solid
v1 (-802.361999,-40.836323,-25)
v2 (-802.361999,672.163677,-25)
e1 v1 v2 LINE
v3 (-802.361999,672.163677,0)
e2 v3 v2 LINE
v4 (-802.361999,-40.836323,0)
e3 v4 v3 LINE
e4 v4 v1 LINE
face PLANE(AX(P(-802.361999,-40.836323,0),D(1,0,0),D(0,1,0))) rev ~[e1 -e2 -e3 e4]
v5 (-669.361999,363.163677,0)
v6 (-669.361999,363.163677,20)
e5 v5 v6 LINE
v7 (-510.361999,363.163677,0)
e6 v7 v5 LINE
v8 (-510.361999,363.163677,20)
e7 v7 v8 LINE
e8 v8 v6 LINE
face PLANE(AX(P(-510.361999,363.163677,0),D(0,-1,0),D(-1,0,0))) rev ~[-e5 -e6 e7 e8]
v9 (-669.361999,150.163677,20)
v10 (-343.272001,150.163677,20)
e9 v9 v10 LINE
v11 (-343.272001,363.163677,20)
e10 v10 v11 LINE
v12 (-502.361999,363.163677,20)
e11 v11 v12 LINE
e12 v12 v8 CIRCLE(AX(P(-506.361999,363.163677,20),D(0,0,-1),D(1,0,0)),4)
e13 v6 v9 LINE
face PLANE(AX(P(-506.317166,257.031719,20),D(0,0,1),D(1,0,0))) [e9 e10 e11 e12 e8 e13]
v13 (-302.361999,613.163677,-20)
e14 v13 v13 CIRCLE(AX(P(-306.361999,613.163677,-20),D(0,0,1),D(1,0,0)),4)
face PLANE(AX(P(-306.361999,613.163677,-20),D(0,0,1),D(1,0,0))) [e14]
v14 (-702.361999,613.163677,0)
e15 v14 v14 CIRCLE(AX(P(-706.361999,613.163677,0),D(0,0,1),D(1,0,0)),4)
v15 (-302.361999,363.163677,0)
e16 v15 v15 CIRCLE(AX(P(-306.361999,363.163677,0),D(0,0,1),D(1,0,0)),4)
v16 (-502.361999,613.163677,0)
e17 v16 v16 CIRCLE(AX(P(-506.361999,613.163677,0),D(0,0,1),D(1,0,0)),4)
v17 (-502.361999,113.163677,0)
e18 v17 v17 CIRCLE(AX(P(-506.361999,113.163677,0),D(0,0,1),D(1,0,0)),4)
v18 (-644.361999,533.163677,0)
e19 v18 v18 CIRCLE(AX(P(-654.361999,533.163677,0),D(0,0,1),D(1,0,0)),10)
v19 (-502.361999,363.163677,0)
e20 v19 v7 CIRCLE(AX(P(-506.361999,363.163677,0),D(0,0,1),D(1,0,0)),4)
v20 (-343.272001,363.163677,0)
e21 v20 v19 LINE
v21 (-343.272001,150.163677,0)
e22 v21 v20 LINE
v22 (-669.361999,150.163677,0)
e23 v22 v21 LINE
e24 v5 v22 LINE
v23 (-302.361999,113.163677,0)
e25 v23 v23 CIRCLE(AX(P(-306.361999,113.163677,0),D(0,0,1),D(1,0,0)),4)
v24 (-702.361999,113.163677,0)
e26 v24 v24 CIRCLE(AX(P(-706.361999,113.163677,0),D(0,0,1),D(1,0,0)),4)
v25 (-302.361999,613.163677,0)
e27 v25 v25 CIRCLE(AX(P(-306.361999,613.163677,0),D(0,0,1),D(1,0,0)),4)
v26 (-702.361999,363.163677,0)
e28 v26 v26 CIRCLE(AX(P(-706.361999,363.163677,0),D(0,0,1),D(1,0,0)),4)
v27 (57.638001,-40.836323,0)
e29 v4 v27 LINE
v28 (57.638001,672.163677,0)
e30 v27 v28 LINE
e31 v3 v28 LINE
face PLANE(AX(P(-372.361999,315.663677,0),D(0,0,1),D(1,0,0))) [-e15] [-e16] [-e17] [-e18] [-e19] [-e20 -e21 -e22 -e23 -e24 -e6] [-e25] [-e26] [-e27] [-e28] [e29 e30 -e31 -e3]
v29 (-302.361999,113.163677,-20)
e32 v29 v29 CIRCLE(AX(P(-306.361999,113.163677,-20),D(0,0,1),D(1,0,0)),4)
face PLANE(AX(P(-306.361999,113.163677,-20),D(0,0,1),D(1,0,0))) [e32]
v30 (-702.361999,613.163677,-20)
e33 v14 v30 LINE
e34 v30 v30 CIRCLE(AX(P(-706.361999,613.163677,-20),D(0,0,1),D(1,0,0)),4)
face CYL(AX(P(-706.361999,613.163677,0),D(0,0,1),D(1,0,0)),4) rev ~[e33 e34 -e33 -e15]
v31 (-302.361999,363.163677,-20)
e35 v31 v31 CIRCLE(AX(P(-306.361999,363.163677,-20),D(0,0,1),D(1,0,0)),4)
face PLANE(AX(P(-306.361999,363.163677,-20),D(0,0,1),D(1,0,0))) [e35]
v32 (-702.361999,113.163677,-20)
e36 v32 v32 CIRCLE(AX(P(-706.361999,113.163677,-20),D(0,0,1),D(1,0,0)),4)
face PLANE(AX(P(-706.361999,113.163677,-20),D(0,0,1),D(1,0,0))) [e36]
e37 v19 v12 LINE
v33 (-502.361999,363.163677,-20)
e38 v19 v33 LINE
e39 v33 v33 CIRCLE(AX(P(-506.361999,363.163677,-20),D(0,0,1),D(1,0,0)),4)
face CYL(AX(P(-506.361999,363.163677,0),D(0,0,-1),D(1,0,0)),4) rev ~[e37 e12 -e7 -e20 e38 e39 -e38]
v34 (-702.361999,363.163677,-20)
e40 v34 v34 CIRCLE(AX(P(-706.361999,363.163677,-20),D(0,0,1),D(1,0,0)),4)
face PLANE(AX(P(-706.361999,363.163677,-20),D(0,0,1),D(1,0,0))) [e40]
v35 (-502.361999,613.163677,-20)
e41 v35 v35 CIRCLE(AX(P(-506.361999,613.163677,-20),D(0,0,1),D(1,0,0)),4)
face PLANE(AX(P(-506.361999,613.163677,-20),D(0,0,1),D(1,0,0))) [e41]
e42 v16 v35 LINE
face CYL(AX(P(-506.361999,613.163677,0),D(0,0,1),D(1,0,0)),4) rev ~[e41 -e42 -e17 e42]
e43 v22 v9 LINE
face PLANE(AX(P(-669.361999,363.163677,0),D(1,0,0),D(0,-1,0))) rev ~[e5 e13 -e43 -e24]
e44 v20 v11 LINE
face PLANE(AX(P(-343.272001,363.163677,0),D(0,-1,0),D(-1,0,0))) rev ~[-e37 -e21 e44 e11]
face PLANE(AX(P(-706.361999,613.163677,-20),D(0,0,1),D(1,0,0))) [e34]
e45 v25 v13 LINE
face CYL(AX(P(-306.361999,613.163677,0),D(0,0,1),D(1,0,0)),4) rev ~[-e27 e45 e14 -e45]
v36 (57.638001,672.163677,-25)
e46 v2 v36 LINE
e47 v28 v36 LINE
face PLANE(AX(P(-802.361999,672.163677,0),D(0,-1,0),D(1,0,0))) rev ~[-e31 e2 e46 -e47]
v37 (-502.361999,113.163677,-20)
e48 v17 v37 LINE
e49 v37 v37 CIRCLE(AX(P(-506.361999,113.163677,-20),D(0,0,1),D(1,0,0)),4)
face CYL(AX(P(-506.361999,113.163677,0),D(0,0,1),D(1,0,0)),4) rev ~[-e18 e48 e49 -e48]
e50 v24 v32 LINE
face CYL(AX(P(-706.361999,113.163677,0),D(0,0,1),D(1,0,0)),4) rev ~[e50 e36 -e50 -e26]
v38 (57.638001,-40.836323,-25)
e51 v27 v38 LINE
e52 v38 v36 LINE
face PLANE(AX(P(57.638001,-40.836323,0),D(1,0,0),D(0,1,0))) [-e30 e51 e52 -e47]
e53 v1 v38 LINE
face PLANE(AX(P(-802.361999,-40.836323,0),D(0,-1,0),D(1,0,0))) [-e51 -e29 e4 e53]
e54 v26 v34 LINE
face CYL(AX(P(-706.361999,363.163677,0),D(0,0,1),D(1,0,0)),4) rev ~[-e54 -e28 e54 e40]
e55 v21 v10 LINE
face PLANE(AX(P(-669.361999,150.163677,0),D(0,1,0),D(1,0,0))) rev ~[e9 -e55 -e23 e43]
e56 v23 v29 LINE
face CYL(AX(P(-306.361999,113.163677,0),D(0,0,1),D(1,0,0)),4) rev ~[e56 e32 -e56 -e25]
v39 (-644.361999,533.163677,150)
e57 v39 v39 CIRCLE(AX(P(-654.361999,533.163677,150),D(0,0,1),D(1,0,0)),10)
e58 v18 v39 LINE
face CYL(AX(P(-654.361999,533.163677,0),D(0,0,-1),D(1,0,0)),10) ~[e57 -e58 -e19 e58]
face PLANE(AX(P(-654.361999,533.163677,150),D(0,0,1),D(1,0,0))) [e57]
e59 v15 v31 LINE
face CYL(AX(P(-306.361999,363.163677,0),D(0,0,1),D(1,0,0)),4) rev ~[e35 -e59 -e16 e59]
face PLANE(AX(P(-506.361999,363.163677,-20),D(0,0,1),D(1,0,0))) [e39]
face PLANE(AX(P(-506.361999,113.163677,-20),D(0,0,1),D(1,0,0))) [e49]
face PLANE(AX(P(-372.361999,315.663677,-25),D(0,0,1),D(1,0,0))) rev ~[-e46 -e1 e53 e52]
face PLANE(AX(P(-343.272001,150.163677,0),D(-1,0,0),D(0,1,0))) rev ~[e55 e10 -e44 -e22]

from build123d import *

# Parameters (mm, degrees)
F0_W     = 860
F0_H     = 713
F1_DEPTH = 25
F2_R     = 4
F3_DEPTH = 20
F5_DEPTH = 20
F6_R     = 10
F7_DEPTH = 150


with BuildPart() as f1:
    # F0 (on Top) → F1 (new body)
    with BuildSketch(Plane.XY):
        with Locations((-372.361999, 315.663677)):
            Rectangle(F0_W, F0_H)
    extrude(amount=-F1_DEPTH)

    # F2 (on face) → F3 (cut)
    with BuildSketch(Plane.XY):
        with Locations((-706.361999, 613.163677)):
            Circle(F2_R)
        with Locations((-506.361999, 613.163677)):
            Circle(F2_R)
        with Locations((-306.361999, 613.163677)):
            Circle(F2_R)
        with Locations((-706.361999, 363.163677)):
            Circle(F2_R)
        with Locations((-506.361999, 363.163677)):
            Circle(F2_R)
        with Locations((-306.361999, 363.163677)):
            Circle(F2_R)
        with Locations((-706.361999, 113.163677)):
            Circle(F2_R)
        with Locations((-506.361999, 113.163677)):
            Circle(F2_R)
        with Locations((-306.361999, 113.163677)):
            Circle(F2_R)
    extrude(amount=-F3_DEPTH, mode=Mode.SUBTRACT)

    # F4 (on face) → F5 (join)
    with BuildSketch(Plane.XY):
        with BuildLine():
            Line((-669.361999, 363.163677), (-669.361999, 150.163677))
            Line((-669.361999, 150.163677), (-343.272001, 150.163677))
            Line((-343.272001, 150.163677), (-343.272001, 363.163677))
            Line((-343.272001, 363.163677), (-502.361999, 363.163677))
            ThreePointArc((-502.361999, 363.163677), (-506.361999, 359.163677), (-510.361999, 363.163677))
            Line((-510.361999, 363.163677), (-669.361999, 363.163677))
        make_face()
    extrude(amount=F5_DEPTH)

    # F6 (on face) → F7 (join)
    with BuildSketch(Plane.XY):
        with Locations((-654.361999, 533.163677)):
            Circle(F6_R)
    extrude(amount=F7_DEPTH)


solid = f1.part
